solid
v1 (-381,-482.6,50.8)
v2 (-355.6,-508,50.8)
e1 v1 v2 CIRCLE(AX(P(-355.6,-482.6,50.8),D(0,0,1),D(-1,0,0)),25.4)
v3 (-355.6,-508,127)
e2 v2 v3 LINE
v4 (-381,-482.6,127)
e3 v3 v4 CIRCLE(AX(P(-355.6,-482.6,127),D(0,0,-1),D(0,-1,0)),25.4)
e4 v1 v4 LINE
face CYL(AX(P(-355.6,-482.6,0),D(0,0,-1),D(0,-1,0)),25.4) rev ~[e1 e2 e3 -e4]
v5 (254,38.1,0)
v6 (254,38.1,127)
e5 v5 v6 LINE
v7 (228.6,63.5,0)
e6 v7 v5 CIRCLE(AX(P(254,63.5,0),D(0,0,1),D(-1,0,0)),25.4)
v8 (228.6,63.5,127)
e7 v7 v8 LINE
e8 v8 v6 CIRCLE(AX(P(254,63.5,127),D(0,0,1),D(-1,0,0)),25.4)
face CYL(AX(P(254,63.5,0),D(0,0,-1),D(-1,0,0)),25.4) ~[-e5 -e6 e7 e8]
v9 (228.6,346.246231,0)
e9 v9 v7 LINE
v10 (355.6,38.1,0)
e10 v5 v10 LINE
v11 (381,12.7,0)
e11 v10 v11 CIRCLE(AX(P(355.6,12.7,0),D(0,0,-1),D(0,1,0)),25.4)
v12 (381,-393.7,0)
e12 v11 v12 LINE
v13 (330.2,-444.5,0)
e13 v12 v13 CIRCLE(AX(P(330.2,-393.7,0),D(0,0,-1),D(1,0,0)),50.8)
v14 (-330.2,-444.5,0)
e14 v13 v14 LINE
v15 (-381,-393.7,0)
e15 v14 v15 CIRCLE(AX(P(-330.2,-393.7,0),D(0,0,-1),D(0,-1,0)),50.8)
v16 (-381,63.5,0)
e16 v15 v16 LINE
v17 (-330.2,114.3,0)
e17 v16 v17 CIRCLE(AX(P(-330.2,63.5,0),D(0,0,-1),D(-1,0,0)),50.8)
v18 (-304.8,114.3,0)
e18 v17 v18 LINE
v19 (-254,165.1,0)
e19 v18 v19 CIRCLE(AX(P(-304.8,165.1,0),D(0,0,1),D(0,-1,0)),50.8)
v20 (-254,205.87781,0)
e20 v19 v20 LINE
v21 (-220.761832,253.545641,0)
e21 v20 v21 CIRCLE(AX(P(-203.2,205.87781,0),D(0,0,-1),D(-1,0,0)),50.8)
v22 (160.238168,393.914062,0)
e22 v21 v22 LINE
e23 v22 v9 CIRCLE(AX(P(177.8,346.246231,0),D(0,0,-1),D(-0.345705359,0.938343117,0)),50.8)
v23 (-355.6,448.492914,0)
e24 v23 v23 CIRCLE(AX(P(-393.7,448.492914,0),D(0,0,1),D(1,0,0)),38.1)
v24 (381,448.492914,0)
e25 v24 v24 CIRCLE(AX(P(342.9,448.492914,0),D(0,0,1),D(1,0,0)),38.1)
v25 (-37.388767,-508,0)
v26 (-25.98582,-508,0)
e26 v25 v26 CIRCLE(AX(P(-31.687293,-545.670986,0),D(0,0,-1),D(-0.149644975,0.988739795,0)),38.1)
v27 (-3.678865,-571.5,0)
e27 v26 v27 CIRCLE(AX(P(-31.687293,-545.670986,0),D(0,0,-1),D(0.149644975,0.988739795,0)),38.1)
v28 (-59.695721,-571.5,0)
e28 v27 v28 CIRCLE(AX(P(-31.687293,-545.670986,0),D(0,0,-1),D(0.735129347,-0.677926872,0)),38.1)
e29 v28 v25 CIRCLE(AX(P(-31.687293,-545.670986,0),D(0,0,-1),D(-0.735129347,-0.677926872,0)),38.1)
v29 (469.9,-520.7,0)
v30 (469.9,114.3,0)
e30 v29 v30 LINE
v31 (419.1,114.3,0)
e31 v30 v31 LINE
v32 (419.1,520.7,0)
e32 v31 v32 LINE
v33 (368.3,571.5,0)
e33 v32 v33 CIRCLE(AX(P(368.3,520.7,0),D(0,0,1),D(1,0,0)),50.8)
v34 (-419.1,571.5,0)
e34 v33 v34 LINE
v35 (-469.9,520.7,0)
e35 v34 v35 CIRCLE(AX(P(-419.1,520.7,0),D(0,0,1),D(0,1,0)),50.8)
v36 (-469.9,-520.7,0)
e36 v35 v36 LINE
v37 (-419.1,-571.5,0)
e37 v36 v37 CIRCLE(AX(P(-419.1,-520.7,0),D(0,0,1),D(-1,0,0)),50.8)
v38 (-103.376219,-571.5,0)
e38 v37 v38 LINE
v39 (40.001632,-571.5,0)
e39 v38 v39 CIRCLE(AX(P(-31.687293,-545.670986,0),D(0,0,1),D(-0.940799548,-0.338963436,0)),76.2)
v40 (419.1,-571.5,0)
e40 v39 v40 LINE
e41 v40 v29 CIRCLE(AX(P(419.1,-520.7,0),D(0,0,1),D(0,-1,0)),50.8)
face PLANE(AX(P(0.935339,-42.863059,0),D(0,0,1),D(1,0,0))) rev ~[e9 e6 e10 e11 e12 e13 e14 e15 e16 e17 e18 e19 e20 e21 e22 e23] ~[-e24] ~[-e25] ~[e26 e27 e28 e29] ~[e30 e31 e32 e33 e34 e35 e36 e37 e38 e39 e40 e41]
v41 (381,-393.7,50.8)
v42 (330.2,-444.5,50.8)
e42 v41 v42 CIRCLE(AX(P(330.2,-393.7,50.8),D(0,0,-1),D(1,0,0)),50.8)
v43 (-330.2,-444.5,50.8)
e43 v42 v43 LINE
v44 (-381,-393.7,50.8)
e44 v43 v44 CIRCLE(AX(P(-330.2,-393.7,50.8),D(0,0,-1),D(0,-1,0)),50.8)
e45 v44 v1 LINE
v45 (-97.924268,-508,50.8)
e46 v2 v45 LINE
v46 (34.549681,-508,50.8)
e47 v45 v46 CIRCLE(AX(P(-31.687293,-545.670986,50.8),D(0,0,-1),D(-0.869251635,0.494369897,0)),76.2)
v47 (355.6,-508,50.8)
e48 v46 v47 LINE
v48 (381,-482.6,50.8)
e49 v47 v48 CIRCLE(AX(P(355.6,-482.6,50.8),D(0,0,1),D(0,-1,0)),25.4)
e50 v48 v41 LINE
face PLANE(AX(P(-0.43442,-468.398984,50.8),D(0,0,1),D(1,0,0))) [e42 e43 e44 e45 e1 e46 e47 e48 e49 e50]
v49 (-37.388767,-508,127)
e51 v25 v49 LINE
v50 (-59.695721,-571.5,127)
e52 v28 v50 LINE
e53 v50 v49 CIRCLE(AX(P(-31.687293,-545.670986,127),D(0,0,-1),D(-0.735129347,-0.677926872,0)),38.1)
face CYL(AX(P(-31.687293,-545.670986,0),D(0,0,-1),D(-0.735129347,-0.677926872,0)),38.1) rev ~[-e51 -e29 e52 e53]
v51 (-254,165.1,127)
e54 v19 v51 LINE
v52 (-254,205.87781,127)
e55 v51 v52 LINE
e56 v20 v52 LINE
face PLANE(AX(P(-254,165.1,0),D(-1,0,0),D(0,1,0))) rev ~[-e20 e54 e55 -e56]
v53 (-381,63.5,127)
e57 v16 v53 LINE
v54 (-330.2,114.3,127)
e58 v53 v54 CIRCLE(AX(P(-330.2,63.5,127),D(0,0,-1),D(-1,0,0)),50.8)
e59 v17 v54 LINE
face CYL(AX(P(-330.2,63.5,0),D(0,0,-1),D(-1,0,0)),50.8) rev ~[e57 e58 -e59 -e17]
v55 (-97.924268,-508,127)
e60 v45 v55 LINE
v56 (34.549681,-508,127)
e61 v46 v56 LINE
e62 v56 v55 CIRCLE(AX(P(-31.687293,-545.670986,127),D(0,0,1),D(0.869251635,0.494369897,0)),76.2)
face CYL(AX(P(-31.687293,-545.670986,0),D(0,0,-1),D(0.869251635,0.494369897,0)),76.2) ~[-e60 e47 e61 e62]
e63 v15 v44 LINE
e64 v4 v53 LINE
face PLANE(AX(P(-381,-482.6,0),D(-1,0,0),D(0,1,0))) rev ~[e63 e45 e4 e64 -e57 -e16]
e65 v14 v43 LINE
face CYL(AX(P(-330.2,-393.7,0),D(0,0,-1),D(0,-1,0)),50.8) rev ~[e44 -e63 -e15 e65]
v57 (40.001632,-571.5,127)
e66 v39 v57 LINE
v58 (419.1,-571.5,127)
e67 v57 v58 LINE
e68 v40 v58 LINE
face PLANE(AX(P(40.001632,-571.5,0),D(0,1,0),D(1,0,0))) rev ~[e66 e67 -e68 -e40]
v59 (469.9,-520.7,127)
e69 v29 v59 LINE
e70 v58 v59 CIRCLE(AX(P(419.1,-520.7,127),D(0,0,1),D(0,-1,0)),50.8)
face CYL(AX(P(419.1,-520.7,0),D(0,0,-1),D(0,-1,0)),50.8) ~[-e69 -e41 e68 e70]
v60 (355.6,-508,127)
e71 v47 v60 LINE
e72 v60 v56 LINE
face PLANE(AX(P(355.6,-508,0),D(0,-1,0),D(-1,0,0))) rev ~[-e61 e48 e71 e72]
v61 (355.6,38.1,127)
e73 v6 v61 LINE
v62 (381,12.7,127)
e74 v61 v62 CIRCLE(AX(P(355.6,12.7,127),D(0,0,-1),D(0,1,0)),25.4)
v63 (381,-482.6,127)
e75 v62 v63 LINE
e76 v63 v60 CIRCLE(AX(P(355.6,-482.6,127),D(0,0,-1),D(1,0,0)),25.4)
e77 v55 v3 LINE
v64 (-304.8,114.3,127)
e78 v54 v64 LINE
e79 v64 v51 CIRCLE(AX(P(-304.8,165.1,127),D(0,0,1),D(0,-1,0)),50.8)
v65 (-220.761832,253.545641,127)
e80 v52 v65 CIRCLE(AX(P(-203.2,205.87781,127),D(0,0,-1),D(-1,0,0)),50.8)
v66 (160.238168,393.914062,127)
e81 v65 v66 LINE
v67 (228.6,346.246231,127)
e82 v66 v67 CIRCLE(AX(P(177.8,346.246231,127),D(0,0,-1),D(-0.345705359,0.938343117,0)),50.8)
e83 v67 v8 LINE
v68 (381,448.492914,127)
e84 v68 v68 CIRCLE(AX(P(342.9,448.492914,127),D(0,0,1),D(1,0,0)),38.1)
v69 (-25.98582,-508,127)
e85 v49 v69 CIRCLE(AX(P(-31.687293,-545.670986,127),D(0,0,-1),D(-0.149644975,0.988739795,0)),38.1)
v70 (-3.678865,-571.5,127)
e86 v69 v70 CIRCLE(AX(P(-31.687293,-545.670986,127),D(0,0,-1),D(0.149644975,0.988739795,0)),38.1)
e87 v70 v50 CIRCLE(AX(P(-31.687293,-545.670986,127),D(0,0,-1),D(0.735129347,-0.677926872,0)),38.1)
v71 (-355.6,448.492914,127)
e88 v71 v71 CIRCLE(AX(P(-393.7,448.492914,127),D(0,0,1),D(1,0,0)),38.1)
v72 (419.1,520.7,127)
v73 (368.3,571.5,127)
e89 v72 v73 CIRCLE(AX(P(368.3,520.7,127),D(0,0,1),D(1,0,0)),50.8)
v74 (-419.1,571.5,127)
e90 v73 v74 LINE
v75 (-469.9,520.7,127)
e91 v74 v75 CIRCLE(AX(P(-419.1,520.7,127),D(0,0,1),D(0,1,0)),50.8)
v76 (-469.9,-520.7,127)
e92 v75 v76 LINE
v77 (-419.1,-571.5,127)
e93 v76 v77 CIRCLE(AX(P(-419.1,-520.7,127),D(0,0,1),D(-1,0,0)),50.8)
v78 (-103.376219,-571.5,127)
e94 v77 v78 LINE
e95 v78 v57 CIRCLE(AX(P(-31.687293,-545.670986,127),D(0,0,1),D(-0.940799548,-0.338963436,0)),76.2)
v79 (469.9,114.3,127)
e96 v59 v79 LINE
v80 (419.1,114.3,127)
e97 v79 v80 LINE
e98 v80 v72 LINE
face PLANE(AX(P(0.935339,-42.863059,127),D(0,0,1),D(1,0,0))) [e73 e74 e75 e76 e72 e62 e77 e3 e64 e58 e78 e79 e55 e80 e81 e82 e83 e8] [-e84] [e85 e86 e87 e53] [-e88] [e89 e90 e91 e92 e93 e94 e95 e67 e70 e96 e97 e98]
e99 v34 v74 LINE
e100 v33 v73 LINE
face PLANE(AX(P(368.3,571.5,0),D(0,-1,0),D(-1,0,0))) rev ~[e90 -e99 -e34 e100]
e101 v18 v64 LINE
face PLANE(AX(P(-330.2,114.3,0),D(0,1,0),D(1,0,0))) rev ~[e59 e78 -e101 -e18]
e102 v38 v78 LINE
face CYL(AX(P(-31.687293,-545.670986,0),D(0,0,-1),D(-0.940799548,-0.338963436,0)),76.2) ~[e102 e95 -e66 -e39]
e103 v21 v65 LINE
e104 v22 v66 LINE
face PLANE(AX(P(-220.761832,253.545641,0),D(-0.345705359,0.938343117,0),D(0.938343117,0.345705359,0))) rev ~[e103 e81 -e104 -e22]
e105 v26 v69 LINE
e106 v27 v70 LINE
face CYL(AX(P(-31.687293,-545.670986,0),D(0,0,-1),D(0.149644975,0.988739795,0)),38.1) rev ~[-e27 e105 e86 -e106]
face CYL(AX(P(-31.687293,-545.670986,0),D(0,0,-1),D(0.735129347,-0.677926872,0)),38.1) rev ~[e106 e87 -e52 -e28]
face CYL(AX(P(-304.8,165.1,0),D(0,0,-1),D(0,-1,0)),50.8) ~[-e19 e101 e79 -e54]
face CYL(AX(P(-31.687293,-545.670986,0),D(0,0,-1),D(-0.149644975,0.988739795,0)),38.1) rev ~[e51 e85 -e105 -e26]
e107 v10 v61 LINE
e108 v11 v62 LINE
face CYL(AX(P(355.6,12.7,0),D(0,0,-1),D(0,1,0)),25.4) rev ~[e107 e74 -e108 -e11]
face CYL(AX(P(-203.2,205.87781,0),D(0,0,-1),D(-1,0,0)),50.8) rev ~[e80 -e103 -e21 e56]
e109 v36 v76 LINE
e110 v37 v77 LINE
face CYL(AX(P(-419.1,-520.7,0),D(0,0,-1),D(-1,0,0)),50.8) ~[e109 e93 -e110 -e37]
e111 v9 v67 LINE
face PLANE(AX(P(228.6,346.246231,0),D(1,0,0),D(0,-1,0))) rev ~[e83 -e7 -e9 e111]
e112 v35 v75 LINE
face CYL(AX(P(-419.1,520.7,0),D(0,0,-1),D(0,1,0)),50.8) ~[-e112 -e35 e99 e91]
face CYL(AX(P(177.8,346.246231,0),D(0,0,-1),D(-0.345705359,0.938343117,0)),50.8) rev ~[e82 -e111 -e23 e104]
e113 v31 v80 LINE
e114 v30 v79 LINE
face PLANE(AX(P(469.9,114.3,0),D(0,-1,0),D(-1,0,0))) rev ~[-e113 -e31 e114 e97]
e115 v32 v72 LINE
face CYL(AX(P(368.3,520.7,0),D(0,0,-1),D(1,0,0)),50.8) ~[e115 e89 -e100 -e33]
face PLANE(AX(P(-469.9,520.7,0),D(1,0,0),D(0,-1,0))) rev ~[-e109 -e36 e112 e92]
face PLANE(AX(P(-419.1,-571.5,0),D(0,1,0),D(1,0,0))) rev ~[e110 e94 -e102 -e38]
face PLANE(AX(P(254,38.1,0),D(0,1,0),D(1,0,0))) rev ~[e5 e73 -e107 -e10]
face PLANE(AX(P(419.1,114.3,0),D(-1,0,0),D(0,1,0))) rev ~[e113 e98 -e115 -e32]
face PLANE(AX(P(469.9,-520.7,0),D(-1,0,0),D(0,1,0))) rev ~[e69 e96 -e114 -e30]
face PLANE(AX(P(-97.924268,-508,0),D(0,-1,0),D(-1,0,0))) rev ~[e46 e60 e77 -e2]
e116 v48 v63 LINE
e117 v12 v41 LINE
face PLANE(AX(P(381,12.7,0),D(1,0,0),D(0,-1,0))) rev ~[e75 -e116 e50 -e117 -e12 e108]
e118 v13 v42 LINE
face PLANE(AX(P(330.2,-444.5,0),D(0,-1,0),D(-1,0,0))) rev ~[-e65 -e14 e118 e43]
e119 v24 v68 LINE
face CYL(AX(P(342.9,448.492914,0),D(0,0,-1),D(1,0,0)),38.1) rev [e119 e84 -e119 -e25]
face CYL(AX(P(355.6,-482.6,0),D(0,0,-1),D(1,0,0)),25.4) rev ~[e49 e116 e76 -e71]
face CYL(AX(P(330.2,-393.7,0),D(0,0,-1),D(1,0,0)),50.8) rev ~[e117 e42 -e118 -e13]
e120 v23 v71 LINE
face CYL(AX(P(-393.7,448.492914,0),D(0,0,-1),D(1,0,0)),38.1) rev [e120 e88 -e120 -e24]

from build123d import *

# Parameters (mm, degrees)
F1_DEPTH = 50.8
F0_R     = 76.2
F0_R_2   = 38.1
F2_DEPTH = 127


with BuildPart() as f1:
    # F0 (on Top) → F1 (new body)
    with BuildSketch(Plane.XY):
        with BuildLine():
            Line((-355.6, -508), (-97.9242677745, -508))
            ThreePointArc((-97.9242677745, -508), (-31.6872932017, -469.4709861755), (34.5496813712, -508))
            Line((34.5496813712, -508), (355.6, -508))
            ThreePointArc((355.6, -508), (373.5605122421, -500.5605122421), (381, -482.6))
            Line((381, -482.6), (381, -393.7))
            ThreePointArc((381, -393.7), (366.1210244843, -429.6210244843), (330.2, -444.5))
            Line((330.2, -444.5), (-330.2, -444.5))
            ThreePointArc((-330.2, -444.5), (-366.1210244843, -429.6210244843), (-381, -393.7))
            Line((-381, -393.7), (-381, -482.6))
            ThreePointArc((-381, -482.6), (-373.5605122421, -500.5605122421), (-355.6, -508))
        make_face()
    extrude(amount=F1_DEPTH)

    # F0 (on Top) → F2 (join)
    with BuildSketch(Plane.XY):
        with BuildLine():
            ThreePointArc((419.1, 520.7), (404.2210244843, 556.6210244843), (368.3, 571.5))
            Line((368.3, 571.5), (-419.1, 571.5))
            ThreePointArc((-419.1, 571.5), (-455.0210244843, 556.6210244843), (-469.9, 520.7))
            Line((-469.9, 520.7), (-469.9, 448.4929144382))
            Line((-469.9, 448.4929144382), (-469.9, -520.7))
            ThreePointArc((-469.9, -520.7), (-455.0210244843, -556.6210244843), (-419.1, -571.5))
            Line((-419.1, -571.5), (-103.3762187401, -571.5))
            ThreePointArc((-103.3762187401, -571.5), (-107.6079819524, -539.1526259812), (-97.9242677745, -508))
            Line((-97.9242677745, -508), (-355.6, -508))
            ThreePointArc((-355.6, -508), (-373.5605122421, -500.5605122421), (-381, -482.6))
            Line((-381, -482.6), (-381, -393.7))
            Line((-381, -393.7), (-381, 63.5))
            ThreePointArc((-381, 63.5), (-366.1210244843, 99.4210244843), (-330.2, 114.3))
            Line((-330.2, 114.3), (-304.8, 114.3))
            ThreePointArc((-304.8, 114.3), (-268.8789755157, 129.1789755157), (-254, 165.1))
            Line((-254, 165.1), (-254, 205.8778104236))
            ThreePointArc((-254, 205.8778104236), (-244.8700196616, 234.9337816068), (-220.7618322284, 253.5456407579))
            Line((-220.7618322284, 253.5456407579), (160.2381677716, 393.9140618106))
            ThreePointArc((160.2381677716, 393.9140618106), (206.8559711832, 387.9162511379), (228.6, 346.2462314763))
            Line((228.6, 346.2462314763), (228.6, 63.5))
            ThreePointArc((228.6, 63.5), (236.0394877579, 45.5394877579), (254, 38.1))
            Line((254, 38.1), (355.6, 38.1))
            ThreePointArc((355.6, 38.1), (373.5605122421, 30.6605122421), (381, 12.7))
            Line((381, 12.7), (381, -393.7))
            Line((381, -393.7), (381, -482.6))
            ThreePointArc((381, -482.6), (373.5605122421, -500.5605122421), (355.6, -508))
            Line((355.6, -508), (34.5496813712, -508))
            ThreePointArc((34.5496813712, -508), (41.9798550479, -526.1878840413), (44.5127067983, -545.6709861755))
            ThreePointArc((44.5127067983, -545.6709861755), (43.3764667828, -558.7809799584), (40.0016323368, -571.5))
            Line((40.0016323368, -571.5), (419.1, -571.5))
            ThreePointArc((419.1, -571.5), (455.0210244843, -556.6210244843), (469.9, -520.7))
            Line((469.9, -520.7), (469.9, 114.3))
            Line((469.9, 114.3), (419.1, 114.3))
            Line((419.1, 114.3), (419.1, 448.4929144382))
            Line((419.1, 448.4929144382), (419.1, 520.7))
        make_face()
        with BuildLine():
            ThreePointArc((-317.5, 448.4929144382), (-393.7, 372.2929144382), (-469.9, 448.4929144382))
            ThreePointArc((-469.9, 448.4929144382), (-393.7, 524.6929144382), (-317.5, 448.4929144382))
        make_face(mode=Mode.SUBTRACT)
        with Locations((342.9, 448.4929144382)):
            Circle(F0_R, mode=Mode.SUBTRACT)
        with BuildLine():
            ThreePointArc((-317.5, 448.4929144382), (-393.7, 524.6929144382), (-469.9, 448.4929144382))
            ThreePointArc((-469.9, 448.4929144382), (-393.7, 372.2929144382), (-317.5, 448.4929144382))
        make_face()
        with Locations((-393.7, 448.4929144382)):
            Circle(F0_R_2, mode=Mode.SUBTRACT)
        with Locations((342.9, 448.4929144382)):
            Circle(F0_R)
        with Locations((342.9, 448.4929144382)):
            Circle(F0_R_2, mode=Mode.SUBTRACT)
        with BuildLine():
            Line((-3.6788650977, -571.5), (40.0016323368, -571.5))
            ThreePointArc((40.0016323368, -571.5), (43.3764667828, -558.7809799584), (44.5127067983, -545.6709861755))
            ThreePointArc((44.5127067983, -545.6709861755), (41.9798550479, -526.1878840413), (34.5496813712, -508))
            Line((34.5496813712, -508), (-25.9858196586, -508))
            ThreePointArc((-25.9858196586, -508), (-2.8009976449, -520.8276383938), (6.4127067983, -545.6709861755))
            ThreePointArc((6.4127067983, -545.6709861755), (3.8002476455, -559.5362104658), (-3.6788650977, -571.5))
        make_face()
        with BuildLine():
            ThreePointArc((34.5496813712, -508), (-31.6872932017, -469.4709861755), (-97.9242677745, -508))
            Line((-97.9242677745, -508), (-37.3887667448, -508))
            ThreePointArc((-37.3887667448, -508), (-31.6872932017, -507.5709861755), (-25.9858196586, -508))
            Line((-25.9858196586, -508), (34.5496813712, -508))
        make_face()
        with BuildLine():
            ThreePointArc((-97.9242677745, -508), (-107.6079819524, -539.1526259812), (-103.3762187401, -571.5))
            Line((-103.3762187401, -571.5), (-59.6957213057, -571.5))
            ThreePointArc((-59.6957213057, -571.5), (-67.633807181, -533.0433128848), (-37.3887667448, -508))
            Line((-37.3887667448, -508), (-97.9242677745, -508))
        make_face()
        with BuildLine():
            Line((-59.6957213057, -571.5), (-103.3762187401, -571.5))
            ThreePointArc((-103.3762187401, -571.5), (-31.6872932017, -621.8709861755), (40.0016323368, -571.5))
            Line((40.0016323368, -571.5), (-3.6788650977, -571.5))
            ThreePointArc((-3.6788650977, -571.5), (-31.6872932017, -583.7709861755), (-59.6957213057, -571.5))
        make_face()
    extrude(amount=F2_DEPTH)


solid = f1.part
